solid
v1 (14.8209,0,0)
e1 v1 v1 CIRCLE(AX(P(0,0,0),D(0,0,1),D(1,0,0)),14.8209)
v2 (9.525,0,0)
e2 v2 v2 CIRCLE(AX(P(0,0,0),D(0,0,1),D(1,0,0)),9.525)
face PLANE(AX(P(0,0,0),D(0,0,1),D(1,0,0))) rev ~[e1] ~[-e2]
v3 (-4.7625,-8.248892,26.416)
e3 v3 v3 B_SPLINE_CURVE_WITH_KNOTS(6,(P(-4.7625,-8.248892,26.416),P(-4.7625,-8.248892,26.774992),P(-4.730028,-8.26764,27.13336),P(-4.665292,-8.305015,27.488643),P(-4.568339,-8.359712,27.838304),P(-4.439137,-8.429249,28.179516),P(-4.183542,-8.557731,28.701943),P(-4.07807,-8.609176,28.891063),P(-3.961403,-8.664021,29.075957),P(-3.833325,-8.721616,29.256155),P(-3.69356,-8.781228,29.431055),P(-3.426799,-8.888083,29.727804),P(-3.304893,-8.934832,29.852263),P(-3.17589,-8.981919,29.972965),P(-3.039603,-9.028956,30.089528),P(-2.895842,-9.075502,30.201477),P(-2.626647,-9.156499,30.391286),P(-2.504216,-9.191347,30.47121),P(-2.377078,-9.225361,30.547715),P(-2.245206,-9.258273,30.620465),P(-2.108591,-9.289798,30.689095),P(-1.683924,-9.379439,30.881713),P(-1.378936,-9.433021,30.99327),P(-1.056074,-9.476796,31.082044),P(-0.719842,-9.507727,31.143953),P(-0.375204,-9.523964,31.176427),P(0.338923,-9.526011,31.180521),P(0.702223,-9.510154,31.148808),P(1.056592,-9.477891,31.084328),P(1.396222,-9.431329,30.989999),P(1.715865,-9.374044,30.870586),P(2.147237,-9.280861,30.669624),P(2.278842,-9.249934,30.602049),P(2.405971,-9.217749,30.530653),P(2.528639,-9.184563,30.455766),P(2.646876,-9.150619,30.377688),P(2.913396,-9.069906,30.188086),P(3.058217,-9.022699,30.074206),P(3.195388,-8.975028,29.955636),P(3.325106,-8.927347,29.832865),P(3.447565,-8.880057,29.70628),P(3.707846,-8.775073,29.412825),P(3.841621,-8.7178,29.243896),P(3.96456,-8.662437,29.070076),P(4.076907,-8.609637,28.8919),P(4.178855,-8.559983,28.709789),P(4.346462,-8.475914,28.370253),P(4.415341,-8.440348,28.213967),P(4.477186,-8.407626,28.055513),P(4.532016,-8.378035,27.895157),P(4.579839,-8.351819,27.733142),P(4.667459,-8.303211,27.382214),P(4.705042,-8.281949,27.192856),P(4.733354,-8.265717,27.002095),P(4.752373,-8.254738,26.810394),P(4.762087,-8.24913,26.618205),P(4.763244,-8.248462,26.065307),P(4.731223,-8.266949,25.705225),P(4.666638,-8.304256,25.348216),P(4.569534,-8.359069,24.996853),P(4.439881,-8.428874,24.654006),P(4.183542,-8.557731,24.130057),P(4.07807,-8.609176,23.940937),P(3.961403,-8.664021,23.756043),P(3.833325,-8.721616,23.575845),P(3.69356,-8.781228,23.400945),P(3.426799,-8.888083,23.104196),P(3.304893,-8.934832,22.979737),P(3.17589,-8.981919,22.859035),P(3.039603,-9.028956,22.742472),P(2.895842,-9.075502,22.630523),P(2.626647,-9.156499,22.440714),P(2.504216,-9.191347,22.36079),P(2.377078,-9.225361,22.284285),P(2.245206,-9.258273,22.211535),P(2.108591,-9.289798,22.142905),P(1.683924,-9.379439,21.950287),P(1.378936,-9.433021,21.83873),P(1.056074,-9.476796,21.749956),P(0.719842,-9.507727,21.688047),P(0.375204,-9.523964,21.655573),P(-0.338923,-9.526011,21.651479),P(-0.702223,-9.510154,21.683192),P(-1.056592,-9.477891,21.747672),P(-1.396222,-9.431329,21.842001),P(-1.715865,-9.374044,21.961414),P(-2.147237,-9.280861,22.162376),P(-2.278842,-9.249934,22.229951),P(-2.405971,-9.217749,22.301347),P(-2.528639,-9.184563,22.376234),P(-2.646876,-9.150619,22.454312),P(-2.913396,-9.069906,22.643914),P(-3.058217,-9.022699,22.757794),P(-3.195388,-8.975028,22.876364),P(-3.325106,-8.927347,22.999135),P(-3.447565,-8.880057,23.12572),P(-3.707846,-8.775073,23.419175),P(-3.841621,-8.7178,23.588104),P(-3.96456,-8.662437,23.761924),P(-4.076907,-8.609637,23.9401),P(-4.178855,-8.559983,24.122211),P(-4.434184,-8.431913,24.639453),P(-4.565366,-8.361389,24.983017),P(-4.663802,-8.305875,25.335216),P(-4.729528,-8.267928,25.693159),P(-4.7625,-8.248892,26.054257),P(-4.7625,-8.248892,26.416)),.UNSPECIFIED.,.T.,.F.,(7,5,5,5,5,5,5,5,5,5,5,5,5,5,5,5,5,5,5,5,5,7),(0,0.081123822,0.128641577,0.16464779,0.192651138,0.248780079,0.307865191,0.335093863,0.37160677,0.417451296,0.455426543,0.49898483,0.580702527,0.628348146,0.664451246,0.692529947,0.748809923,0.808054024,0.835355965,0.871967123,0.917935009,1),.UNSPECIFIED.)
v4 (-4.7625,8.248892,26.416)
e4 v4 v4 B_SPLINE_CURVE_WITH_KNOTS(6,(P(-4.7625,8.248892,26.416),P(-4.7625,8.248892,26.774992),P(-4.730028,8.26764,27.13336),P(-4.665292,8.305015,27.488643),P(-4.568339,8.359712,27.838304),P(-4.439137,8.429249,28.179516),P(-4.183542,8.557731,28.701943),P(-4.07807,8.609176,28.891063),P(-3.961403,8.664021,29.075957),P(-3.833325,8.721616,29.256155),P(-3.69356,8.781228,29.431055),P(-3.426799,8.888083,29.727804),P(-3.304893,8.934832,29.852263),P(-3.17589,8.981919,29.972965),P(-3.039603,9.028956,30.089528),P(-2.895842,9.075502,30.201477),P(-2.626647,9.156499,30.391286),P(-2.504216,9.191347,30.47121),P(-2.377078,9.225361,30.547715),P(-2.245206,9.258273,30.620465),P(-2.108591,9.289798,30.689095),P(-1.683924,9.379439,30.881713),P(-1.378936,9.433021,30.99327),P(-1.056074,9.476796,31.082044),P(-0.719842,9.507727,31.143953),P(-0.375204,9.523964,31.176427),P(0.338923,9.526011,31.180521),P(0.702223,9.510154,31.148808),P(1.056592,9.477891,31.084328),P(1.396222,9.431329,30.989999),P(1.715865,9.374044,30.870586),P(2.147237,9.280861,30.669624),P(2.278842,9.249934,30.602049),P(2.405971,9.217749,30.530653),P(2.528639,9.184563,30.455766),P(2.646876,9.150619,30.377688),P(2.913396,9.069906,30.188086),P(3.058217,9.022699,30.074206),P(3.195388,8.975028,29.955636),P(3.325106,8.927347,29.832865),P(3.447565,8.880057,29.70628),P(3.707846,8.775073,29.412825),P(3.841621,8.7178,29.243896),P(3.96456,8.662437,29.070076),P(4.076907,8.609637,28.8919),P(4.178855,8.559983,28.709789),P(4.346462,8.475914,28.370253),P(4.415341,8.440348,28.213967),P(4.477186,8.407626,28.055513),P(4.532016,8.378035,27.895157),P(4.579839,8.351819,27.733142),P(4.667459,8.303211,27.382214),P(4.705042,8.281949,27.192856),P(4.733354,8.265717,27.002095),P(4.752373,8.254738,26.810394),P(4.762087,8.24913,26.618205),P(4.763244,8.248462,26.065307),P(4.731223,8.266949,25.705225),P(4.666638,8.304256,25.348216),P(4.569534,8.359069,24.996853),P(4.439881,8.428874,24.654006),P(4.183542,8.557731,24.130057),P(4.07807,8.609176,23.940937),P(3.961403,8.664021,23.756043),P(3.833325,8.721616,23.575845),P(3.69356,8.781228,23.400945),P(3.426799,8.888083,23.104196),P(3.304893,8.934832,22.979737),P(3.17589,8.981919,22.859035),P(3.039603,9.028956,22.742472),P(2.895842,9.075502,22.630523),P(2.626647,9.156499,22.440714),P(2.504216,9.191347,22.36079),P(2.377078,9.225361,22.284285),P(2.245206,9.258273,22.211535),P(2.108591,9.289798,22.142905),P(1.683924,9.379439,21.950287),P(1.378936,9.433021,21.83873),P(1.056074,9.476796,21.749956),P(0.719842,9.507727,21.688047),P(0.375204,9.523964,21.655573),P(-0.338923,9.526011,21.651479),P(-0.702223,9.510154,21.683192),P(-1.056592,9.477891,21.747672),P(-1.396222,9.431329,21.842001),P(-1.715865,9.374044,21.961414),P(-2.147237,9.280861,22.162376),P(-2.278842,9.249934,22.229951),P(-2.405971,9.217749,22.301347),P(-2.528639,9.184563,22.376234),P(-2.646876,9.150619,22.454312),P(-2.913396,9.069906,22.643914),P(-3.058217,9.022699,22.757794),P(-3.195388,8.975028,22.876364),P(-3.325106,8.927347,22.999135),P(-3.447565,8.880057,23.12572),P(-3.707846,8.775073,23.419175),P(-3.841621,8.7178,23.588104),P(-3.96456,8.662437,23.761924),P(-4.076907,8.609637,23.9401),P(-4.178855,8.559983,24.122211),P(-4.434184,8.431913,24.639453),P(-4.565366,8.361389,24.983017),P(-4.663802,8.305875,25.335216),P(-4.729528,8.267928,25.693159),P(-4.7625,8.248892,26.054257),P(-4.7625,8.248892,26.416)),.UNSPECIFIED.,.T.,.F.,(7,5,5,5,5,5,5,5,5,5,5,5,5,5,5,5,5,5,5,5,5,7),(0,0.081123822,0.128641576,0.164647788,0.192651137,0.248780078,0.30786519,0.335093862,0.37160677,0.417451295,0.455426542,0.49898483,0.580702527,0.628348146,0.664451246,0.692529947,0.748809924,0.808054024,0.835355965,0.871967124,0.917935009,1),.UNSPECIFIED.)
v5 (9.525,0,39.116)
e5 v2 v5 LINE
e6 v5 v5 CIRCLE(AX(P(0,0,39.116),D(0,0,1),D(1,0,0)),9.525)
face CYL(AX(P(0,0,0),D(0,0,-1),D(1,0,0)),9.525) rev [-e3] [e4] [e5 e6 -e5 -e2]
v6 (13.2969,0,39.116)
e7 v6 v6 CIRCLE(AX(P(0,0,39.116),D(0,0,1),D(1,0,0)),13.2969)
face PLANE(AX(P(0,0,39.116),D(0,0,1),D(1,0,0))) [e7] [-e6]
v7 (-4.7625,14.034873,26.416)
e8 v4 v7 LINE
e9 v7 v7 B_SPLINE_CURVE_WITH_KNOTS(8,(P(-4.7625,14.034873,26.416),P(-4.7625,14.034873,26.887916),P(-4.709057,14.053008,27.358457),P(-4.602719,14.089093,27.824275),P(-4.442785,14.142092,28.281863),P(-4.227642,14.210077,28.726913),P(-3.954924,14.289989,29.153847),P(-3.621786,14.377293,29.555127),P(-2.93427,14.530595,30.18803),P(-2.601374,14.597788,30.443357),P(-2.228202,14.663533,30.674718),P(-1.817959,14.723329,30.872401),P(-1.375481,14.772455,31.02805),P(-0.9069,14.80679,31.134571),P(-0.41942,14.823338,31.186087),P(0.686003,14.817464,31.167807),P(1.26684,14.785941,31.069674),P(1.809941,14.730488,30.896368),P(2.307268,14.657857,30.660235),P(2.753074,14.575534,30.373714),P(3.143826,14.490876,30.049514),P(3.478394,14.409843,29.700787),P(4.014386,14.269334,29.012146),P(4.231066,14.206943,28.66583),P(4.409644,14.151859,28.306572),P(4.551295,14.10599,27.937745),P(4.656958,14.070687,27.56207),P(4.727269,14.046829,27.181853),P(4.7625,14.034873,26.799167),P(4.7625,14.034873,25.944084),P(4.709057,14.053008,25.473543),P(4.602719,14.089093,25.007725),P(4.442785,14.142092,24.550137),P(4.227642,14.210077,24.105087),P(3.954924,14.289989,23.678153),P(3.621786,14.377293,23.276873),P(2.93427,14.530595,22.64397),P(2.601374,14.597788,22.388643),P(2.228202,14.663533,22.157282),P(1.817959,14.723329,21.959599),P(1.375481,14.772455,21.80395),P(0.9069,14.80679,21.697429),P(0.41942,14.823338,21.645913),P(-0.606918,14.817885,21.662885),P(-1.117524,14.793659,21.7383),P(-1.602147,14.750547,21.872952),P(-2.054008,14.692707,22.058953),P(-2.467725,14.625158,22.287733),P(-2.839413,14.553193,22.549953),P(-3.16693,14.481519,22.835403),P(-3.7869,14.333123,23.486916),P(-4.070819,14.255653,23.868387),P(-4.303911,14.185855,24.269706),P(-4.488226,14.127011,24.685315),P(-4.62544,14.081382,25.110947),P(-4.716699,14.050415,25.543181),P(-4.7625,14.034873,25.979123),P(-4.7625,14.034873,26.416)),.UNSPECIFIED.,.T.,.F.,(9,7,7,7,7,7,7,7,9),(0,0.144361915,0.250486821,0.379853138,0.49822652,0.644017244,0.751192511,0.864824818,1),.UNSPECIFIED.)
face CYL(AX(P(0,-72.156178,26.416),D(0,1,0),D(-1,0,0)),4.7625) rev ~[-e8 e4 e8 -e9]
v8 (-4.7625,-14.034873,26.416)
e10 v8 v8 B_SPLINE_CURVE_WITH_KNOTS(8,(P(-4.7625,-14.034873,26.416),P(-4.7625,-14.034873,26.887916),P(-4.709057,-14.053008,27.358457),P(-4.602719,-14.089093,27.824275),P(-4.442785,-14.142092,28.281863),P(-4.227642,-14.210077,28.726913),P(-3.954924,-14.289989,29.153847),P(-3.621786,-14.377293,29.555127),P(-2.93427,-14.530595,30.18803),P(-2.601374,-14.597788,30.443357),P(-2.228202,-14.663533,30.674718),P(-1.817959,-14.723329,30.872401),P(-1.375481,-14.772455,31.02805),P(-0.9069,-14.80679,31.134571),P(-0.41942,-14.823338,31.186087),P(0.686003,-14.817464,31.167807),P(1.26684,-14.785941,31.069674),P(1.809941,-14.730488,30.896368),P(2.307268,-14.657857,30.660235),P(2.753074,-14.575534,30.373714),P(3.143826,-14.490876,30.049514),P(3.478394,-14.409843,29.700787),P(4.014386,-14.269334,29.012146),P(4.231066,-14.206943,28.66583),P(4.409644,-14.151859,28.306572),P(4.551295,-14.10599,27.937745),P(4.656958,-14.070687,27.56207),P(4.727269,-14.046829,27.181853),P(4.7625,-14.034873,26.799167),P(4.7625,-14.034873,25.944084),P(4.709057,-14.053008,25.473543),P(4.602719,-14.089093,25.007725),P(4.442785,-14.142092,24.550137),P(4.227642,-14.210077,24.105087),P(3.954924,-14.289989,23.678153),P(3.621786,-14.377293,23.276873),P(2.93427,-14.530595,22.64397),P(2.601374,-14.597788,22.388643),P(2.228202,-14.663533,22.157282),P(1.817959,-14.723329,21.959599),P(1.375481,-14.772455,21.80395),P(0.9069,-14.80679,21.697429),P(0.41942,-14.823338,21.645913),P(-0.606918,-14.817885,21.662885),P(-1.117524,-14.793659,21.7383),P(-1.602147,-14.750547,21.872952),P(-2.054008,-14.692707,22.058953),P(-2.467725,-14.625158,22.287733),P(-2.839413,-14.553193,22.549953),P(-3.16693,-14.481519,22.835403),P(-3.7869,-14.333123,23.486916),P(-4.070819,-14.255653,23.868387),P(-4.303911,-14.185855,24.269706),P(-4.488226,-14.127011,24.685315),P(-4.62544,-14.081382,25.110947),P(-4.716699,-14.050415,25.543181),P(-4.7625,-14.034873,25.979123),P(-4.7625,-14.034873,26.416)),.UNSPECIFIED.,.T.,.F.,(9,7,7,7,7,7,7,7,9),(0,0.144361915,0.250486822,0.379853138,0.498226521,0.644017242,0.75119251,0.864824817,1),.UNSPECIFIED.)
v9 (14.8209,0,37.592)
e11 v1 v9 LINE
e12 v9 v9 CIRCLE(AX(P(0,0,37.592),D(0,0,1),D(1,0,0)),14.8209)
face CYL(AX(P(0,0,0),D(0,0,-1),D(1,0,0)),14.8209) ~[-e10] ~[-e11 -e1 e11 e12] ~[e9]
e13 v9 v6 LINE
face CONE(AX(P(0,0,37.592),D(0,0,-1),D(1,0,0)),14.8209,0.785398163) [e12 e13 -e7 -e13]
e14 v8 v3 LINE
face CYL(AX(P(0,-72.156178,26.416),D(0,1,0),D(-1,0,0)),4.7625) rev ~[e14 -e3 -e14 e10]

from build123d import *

# Parameters (mm, degrees)
F0_R     = 14.8209
F0_R_2   = 9.525
F1_DEPTH = 39.116
F2_SIZE2 = 1.524
F2_SIZE  = 1.524
F5_D     = 9.525


with BuildPart() as f1:
    # F0 (on Top) → F1 (new body)
    with BuildSketch(Plane.XY):
        Circle(F0_R)
        Circle(F0_R_2, mode=Mode.SUBTRACT)
    extrude(amount=F1_DEPTH)

    # F2
    f2_edges = [f1.edges().sort_by_distance(p)[0] for p in [
        (-14.8209, 0, 39.116),
    ]]
    chamfer(f2_edges, length=F2_SIZE, length2=F2_SIZE2)

    # F5 (through all)
    with Locations(Plane.XZ.offset(14.8209)):
        with Locations((0, 26.416)):
            Hole(F5_D / 2)


solid = f1.part
